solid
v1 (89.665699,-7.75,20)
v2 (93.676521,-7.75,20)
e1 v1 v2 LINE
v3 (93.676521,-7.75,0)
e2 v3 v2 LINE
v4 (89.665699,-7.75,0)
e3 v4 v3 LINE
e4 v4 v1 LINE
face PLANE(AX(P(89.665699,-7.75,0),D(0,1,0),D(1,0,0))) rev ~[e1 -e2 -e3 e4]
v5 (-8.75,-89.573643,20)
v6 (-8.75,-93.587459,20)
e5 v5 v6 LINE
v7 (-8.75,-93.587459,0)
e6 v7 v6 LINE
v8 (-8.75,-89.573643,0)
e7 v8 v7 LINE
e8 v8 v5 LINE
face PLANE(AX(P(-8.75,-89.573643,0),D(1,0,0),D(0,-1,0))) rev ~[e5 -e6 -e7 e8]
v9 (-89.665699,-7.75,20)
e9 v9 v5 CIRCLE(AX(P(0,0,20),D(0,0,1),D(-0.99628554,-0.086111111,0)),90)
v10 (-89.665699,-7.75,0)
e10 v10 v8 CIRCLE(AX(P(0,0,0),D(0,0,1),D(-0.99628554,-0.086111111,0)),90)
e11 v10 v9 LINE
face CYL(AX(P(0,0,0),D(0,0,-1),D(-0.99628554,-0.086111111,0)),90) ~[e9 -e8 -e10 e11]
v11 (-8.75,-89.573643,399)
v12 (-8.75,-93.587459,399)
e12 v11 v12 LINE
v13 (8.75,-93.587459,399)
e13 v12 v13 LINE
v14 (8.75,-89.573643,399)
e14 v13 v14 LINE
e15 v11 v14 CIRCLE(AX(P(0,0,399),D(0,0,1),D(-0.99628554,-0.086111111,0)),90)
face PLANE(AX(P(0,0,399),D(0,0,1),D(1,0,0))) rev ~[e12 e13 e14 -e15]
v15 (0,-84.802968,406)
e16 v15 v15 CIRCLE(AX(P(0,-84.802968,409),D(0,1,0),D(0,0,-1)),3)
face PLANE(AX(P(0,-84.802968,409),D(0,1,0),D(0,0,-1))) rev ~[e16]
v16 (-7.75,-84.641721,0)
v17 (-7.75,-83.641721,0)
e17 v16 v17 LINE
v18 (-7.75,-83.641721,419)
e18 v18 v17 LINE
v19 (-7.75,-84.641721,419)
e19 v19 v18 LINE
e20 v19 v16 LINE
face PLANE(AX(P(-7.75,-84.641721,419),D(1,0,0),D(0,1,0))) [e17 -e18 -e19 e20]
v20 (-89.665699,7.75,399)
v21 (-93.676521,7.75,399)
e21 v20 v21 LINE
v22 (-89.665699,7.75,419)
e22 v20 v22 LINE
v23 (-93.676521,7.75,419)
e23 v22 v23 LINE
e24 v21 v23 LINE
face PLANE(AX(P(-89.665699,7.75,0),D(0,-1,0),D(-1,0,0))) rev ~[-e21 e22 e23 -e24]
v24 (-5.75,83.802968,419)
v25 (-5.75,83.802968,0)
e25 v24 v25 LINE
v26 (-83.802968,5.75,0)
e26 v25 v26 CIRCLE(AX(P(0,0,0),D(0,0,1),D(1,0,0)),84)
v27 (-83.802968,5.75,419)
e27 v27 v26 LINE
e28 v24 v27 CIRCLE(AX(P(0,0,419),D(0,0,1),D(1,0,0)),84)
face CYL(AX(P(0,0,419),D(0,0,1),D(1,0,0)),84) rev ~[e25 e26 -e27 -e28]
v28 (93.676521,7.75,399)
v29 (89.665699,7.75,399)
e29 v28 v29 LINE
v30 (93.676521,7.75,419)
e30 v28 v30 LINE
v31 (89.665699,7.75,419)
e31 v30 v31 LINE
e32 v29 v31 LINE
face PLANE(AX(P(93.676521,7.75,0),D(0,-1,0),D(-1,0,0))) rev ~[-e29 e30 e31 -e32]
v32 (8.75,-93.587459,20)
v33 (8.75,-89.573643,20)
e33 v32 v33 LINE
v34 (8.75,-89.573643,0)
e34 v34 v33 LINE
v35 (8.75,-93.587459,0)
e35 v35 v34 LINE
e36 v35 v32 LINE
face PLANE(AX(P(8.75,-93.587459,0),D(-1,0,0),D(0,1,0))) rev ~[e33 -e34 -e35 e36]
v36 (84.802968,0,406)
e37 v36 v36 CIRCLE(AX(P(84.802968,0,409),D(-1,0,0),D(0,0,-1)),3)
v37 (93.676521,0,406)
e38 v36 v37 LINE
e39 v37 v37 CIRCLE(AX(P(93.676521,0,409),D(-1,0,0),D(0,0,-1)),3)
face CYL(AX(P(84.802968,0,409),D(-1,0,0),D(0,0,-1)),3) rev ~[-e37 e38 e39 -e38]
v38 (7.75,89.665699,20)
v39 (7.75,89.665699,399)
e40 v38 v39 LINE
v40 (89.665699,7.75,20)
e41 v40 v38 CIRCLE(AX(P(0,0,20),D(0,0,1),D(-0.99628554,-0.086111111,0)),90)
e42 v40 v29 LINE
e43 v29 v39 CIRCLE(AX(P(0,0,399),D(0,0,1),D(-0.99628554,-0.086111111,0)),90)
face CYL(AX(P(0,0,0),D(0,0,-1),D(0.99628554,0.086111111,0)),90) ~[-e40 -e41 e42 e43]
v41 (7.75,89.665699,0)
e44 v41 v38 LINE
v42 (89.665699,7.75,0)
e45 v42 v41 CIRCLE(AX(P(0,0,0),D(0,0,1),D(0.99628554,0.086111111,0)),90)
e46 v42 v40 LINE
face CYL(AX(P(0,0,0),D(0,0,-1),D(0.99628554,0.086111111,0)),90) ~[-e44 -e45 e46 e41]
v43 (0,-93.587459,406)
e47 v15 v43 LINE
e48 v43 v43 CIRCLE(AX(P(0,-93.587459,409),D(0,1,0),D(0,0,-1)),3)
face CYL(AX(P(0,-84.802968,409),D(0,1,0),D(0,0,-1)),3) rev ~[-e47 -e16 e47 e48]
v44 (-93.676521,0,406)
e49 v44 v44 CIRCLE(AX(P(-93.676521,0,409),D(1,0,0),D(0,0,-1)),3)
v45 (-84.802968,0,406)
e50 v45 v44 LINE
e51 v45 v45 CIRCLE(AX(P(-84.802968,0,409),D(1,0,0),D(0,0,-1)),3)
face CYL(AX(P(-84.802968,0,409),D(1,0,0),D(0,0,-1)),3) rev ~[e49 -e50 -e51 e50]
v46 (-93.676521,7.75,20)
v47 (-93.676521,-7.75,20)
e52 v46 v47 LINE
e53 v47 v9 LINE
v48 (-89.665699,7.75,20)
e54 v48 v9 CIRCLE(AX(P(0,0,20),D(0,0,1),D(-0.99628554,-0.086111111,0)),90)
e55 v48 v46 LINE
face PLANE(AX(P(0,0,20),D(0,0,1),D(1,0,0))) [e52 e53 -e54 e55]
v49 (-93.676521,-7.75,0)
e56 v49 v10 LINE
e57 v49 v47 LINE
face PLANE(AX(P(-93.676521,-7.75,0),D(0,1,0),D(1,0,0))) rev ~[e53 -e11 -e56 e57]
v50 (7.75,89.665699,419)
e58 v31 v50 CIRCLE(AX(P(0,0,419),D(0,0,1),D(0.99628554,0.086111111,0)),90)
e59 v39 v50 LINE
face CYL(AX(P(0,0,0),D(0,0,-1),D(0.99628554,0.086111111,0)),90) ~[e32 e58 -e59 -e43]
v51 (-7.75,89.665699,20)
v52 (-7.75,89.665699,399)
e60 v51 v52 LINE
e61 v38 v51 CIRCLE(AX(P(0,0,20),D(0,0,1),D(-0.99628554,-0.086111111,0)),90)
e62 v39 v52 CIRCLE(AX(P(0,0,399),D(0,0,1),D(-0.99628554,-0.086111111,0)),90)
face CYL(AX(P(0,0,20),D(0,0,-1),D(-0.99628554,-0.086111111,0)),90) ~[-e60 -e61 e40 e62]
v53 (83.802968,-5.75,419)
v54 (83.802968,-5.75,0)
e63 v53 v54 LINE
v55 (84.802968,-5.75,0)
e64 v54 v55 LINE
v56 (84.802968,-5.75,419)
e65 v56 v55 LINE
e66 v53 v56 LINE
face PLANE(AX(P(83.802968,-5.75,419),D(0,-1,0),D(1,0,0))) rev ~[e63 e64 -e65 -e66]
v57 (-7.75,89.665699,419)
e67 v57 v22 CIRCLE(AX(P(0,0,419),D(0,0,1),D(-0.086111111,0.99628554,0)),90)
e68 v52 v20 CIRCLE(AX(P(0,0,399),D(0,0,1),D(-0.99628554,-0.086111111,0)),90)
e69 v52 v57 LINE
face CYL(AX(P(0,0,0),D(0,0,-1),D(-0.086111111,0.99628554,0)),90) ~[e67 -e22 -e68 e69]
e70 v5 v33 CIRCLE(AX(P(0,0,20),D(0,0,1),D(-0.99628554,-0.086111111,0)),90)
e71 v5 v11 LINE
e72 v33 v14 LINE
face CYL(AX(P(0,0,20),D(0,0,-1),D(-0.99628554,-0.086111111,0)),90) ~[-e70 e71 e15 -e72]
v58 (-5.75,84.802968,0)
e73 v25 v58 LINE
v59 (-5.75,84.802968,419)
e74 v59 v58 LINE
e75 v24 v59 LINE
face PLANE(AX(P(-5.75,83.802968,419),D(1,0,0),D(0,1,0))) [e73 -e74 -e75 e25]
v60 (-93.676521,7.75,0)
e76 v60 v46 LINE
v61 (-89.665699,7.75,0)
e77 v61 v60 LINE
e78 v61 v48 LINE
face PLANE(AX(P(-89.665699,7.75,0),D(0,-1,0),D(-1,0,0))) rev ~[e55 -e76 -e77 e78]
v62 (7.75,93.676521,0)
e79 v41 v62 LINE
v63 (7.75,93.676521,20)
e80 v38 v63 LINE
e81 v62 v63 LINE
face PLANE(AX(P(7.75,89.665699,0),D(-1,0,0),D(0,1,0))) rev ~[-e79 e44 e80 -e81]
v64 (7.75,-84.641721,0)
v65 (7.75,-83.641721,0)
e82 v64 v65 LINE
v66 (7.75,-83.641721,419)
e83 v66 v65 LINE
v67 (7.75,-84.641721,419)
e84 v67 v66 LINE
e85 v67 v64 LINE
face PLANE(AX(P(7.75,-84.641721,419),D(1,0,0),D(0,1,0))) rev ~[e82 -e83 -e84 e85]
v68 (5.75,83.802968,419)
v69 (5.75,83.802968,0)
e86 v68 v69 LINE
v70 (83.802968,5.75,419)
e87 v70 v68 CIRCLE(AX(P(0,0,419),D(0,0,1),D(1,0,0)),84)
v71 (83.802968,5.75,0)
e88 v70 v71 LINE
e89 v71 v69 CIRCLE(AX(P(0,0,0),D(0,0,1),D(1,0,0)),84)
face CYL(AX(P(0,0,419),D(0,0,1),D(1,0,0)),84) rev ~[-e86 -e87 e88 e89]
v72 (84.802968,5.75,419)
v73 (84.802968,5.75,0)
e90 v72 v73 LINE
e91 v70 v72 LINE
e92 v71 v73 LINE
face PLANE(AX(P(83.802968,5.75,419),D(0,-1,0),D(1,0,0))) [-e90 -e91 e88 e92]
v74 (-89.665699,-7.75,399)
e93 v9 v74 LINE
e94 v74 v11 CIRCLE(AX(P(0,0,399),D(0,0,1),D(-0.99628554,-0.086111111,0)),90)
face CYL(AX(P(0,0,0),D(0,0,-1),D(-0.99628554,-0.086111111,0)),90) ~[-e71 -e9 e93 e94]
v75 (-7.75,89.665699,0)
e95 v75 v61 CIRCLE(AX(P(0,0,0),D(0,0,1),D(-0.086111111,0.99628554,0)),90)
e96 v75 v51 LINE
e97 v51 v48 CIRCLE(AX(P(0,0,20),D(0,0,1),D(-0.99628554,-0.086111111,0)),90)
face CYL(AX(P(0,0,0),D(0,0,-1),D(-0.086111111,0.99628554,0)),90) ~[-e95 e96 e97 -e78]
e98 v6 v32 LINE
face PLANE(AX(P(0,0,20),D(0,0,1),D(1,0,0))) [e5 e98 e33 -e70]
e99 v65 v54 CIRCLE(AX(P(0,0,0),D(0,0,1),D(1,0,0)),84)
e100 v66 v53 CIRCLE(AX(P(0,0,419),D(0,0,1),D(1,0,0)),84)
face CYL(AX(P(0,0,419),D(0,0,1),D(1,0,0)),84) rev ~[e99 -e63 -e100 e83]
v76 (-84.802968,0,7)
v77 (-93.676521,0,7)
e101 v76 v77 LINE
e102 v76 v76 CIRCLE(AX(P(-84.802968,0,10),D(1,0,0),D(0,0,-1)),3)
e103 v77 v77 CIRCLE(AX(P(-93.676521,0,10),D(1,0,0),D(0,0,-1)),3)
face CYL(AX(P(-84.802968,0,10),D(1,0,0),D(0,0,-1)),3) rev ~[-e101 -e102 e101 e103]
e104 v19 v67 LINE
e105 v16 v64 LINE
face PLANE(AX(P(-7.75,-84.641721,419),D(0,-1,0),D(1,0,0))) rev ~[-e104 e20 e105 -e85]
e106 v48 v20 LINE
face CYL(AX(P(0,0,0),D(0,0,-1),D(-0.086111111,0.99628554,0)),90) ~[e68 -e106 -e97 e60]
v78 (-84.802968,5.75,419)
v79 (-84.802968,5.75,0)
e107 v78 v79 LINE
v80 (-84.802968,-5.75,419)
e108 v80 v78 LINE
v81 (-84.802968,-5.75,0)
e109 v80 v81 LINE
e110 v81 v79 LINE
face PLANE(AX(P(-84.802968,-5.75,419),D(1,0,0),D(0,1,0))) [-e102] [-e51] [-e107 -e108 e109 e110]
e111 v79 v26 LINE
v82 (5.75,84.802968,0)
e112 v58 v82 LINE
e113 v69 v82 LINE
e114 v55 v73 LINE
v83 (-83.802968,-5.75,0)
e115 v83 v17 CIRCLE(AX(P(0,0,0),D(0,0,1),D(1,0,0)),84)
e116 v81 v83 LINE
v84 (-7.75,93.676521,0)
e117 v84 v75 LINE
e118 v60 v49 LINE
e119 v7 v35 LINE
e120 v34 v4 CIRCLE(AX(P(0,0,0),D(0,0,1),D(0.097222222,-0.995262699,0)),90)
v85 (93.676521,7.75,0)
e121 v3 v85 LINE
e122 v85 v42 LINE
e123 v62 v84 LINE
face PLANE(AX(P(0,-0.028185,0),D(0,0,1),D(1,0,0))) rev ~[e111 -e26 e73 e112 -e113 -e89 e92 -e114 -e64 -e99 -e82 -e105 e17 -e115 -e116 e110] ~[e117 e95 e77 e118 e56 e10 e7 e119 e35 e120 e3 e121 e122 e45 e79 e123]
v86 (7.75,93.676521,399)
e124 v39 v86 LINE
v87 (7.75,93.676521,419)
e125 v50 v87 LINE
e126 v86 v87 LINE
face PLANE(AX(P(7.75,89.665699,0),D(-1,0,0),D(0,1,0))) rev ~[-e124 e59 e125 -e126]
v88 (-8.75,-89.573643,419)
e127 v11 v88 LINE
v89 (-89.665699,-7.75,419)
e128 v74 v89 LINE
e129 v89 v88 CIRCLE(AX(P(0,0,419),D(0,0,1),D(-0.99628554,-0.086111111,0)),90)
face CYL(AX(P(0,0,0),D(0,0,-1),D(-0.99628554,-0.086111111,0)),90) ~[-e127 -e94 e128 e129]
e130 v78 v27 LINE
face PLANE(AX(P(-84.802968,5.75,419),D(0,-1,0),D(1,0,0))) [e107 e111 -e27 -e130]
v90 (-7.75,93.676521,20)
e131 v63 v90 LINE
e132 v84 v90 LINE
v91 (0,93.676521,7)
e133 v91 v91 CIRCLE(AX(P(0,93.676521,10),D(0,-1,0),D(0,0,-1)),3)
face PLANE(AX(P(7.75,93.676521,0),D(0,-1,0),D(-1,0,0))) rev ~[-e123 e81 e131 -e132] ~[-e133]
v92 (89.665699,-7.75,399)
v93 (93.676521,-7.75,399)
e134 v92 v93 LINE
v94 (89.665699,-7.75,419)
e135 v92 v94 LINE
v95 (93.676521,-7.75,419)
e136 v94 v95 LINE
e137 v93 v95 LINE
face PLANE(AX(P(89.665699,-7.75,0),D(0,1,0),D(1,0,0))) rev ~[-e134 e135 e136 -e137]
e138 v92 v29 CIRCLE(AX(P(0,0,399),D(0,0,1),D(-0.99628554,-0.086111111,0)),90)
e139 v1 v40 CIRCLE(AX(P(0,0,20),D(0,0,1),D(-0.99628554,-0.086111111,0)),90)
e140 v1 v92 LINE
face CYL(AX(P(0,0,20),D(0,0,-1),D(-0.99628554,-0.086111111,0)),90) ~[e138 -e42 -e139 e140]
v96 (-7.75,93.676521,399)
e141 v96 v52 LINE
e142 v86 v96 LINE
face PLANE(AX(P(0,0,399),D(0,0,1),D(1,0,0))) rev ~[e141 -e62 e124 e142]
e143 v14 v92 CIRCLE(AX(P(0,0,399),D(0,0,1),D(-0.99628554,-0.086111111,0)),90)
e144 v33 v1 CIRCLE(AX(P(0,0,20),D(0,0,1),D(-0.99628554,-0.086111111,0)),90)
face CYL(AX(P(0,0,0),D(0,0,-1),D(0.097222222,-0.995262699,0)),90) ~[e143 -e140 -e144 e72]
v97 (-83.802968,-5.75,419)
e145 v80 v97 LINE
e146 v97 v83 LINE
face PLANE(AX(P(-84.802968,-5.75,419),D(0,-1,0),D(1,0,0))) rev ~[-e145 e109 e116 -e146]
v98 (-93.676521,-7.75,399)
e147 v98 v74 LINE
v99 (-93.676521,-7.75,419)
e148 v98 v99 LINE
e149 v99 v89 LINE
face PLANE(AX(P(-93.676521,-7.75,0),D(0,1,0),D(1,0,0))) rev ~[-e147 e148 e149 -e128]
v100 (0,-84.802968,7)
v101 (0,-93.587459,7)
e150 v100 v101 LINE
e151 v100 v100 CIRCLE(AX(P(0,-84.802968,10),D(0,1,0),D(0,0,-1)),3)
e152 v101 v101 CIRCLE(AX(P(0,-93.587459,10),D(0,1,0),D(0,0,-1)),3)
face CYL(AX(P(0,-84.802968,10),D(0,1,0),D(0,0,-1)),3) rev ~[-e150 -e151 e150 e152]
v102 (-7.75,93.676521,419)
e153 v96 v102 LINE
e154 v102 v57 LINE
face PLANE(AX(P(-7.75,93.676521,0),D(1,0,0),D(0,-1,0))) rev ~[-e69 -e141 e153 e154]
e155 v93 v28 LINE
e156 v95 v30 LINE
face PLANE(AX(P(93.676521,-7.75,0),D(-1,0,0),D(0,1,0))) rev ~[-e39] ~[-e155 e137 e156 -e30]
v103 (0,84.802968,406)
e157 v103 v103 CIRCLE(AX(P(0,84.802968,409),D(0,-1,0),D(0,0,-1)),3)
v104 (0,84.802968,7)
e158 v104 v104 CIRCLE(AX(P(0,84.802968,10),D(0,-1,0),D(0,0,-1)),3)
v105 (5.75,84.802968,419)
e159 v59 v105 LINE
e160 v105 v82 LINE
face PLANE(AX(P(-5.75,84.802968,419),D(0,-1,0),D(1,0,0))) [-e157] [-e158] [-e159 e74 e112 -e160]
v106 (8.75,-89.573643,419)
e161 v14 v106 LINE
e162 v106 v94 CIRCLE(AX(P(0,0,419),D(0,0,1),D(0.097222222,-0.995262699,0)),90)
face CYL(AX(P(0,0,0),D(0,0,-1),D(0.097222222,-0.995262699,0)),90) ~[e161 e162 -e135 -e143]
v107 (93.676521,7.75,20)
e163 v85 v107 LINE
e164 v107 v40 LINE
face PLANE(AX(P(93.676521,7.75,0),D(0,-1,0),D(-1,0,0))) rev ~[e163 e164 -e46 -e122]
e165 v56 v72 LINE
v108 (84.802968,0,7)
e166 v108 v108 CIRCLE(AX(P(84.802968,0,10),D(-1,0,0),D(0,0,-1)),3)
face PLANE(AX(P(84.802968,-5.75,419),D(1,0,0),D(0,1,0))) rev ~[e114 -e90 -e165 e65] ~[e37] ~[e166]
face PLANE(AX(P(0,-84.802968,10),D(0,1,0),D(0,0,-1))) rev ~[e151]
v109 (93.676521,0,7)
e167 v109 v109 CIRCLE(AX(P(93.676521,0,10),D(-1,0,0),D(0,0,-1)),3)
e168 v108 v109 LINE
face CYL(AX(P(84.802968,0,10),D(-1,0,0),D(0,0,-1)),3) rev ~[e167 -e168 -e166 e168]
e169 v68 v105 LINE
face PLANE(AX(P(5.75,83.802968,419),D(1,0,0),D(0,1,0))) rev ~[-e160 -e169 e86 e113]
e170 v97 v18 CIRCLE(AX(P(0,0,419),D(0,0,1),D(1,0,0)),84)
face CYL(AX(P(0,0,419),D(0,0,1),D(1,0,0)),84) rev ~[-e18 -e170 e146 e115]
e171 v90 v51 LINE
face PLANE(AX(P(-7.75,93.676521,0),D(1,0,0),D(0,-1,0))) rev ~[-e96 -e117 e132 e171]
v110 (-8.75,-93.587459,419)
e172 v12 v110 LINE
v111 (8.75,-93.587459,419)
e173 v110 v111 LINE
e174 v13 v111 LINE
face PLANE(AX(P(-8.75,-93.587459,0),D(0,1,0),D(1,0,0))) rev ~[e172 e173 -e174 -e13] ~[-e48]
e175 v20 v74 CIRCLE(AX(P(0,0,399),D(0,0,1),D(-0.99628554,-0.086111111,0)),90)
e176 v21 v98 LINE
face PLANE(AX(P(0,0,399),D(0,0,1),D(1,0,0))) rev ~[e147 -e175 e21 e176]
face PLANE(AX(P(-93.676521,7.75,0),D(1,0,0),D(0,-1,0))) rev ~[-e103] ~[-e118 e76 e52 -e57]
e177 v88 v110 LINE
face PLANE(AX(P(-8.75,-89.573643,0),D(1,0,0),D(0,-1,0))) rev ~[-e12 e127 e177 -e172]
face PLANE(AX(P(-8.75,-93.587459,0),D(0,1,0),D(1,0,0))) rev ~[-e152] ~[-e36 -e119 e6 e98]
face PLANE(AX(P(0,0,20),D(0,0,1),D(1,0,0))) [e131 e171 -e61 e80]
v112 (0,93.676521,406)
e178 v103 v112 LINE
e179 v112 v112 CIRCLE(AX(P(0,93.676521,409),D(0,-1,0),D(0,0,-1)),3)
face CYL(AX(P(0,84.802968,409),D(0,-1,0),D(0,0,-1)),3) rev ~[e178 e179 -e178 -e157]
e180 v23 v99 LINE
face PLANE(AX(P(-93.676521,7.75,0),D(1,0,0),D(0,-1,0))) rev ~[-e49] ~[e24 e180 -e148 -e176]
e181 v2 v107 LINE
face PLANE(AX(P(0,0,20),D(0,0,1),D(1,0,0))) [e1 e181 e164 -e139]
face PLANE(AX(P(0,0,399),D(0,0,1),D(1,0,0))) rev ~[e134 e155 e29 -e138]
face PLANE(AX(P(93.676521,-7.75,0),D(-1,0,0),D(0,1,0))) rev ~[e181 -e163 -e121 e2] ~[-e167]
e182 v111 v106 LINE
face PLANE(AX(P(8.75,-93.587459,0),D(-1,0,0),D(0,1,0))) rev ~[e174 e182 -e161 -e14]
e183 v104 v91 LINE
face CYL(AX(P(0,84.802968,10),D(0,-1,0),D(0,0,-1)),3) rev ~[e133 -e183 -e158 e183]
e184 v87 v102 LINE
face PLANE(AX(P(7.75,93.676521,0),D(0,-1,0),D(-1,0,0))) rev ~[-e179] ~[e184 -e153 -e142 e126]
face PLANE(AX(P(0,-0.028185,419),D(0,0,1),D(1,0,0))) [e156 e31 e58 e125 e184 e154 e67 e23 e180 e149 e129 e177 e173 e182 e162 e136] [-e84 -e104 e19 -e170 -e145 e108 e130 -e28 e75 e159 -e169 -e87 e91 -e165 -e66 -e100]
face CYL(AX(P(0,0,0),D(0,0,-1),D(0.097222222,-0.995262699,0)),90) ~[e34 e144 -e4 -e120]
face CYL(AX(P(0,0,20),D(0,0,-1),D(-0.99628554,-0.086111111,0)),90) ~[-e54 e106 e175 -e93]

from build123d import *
from build123d.topology import SkipClean

# Parameters (mm, degrees)
EXTRUDE_1_DEPTH          = 419
CUT_EXTRUDE_START        = -399
SKETCH_2_R               = 110
SKETCH_2_R_2             = 90
CUT_EXTRUDE_1_DEPTH      = 379
SKETCH_3_R               = 84
CUT_EXTRUDE_2_DEPTH      = 440.444628006
SKETCH_4_W               = 15.5
SKETCH_4_H               = 1
SKETCH_4_W_2             = 1
SKETCH_4_H_2             = 11.5
SKETCH_4_W_3             = 11.5
CUT_EXTRUDE_3_DEPTH      = 440.444628006
SKETCH_5_R               = 3
CUT_EXTRUDE_4_DEPTH      = 465.963674458
PATTERN_CIRCULAR_1_COUNT = 4


with BuildPart() as part:
    # 草图1 → 凸台-拉伸1 (new body)
    with BuildSketch(Plane.XY):
        with BuildLine():
            Line((-8.75, -89.573642887), (-8.75, -93.587458654))
            Line((-8.75, -93.587458654), (8.75, -93.587458654))
            Line((8.75, -93.587458654), (8.75, -89.573642887))
            ThreePointArc((8.75, -89.573642887), (63.993668164, -63.283571604), (89.66569857, -7.75))
            Line((89.66569857, -7.75), (93.676520759, -7.75))
            Line((93.676520759, -7.75), (93.676520759, 7.75))
            Line((93.676520759, 7.75), (89.66569857, 7.75))
            ThreePointArc((89.66569857, 7.75), (63.639610307, 63.639610307), (7.75, 89.66569857))
            Line((7.75, 89.66569857), (7.75, 93.676520759))
            Line((7.75, 93.676520759), (-7.75, 93.676520759))
            Line((-7.75, 93.676520759), (-7.75, 89.66569857))
            ThreePointArc((-7.75, 89.66569857), (-63.639610307, 63.639610307), (-89.66569857, 7.75))
            Line((-89.66569857, 7.75), (-93.676520759, 7.75))
            Line((-93.676520759, 7.75), (-93.676520759, -7.75))
            Line((-93.676520759, -7.75), (-89.66569857, -7.75))
            ThreePointArc((-89.66569857, -7.75), (-63.993668164, -63.283571604), (-8.75, -89.573642887))
        make_face()
    extrude(amount=EXTRUDE_1_DEPTH)

    # 草图2 → 切除-拉伸1 (cut)
    with SkipClean():  # the faces are left unmerged after this step: merging them gives an invalid solid
        with BuildSketch(Plane.XY.offset(419).offset(CUT_EXTRUDE_START)):
            Circle(SKETCH_2_R)
            with Locations(Location((0, 0, 0), (0, 0, 184.939921132))):
                Circle(SKETCH_2_R_2, mode=Mode.SUBTRACT)
        extrude(amount=CUT_EXTRUDE_1_DEPTH, mode=Mode.SUBTRACT)

    # 草图3 → 切除-拉伸2 (cut, through all)
    with SkipClean():  # the faces are left unmerged after this step: merging them gives an invalid solid
        with BuildSketch(Plane.XY.offset(419)):
            Circle(SKETCH_3_R)
        extrude(amount=-CUT_EXTRUDE_2_DEPTH, mode=Mode.SUBTRACT)

    # 草图4 → 切除-拉伸3 (cut, through all)
    with SkipClean():  # the faces are left unmerged after this step: merging them gives an invalid solid
        with BuildSketch(Plane.XY.offset(419)):
            with Locations((0, -84.141721049)):
                Rectangle(SKETCH_4_W, SKETCH_4_H)
            with Locations((-84.302968325, 0)):
                Rectangle(SKETCH_4_W_2, SKETCH_4_H_2)
            with Locations((0, 84.302968325)):
                Rectangle(SKETCH_4_W_3, SKETCH_4_H)
            with Locations((84.302968325, 0)):
                Rectangle(SKETCH_4_W_2, SKETCH_4_H_2)
        extrude(amount=-CUT_EXTRUDE_3_DEPTH, mode=Mode.SUBTRACT)

    # 草图5 → 切除-拉伸4 (cut, through all)
    with SkipClean():  # the faces are left unmerged after this step: merging them gives an invalid solid
        with BuildSketch(Plane(origin=(-84.802968325, 0, 0), x_dir=(0, 0, -1), z_dir=(1, 0, 0))):
            with Locations((-409, 0)):
                Circle(SKETCH_5_R)
            with Locations((-10, 0)):
                Circle(SKETCH_5_R)
        cut_extrude_4 = extrude(amount=-CUT_EXTRUDE_4_DEPTH, mode=Mode.SUBTRACT)

    # 阵列(圆周)1: 切除-拉伸4 ×4 about axis
    with SkipClean():  # the faces are left unmerged after this step: merging them gives an invalid solid
        pattern_circular_1_axis = Axis((0, 0, 1000), (0, 0, -1))
        for i in range(1, PATTERN_CIRCULAR_1_COUNT):
            add(cut_extrude_4.rotate(pattern_circular_1_axis, i * 360 / PATTERN_CIRCULAR_1_COUNT), mode=Mode.SUBTRACT)


solid = part.part
